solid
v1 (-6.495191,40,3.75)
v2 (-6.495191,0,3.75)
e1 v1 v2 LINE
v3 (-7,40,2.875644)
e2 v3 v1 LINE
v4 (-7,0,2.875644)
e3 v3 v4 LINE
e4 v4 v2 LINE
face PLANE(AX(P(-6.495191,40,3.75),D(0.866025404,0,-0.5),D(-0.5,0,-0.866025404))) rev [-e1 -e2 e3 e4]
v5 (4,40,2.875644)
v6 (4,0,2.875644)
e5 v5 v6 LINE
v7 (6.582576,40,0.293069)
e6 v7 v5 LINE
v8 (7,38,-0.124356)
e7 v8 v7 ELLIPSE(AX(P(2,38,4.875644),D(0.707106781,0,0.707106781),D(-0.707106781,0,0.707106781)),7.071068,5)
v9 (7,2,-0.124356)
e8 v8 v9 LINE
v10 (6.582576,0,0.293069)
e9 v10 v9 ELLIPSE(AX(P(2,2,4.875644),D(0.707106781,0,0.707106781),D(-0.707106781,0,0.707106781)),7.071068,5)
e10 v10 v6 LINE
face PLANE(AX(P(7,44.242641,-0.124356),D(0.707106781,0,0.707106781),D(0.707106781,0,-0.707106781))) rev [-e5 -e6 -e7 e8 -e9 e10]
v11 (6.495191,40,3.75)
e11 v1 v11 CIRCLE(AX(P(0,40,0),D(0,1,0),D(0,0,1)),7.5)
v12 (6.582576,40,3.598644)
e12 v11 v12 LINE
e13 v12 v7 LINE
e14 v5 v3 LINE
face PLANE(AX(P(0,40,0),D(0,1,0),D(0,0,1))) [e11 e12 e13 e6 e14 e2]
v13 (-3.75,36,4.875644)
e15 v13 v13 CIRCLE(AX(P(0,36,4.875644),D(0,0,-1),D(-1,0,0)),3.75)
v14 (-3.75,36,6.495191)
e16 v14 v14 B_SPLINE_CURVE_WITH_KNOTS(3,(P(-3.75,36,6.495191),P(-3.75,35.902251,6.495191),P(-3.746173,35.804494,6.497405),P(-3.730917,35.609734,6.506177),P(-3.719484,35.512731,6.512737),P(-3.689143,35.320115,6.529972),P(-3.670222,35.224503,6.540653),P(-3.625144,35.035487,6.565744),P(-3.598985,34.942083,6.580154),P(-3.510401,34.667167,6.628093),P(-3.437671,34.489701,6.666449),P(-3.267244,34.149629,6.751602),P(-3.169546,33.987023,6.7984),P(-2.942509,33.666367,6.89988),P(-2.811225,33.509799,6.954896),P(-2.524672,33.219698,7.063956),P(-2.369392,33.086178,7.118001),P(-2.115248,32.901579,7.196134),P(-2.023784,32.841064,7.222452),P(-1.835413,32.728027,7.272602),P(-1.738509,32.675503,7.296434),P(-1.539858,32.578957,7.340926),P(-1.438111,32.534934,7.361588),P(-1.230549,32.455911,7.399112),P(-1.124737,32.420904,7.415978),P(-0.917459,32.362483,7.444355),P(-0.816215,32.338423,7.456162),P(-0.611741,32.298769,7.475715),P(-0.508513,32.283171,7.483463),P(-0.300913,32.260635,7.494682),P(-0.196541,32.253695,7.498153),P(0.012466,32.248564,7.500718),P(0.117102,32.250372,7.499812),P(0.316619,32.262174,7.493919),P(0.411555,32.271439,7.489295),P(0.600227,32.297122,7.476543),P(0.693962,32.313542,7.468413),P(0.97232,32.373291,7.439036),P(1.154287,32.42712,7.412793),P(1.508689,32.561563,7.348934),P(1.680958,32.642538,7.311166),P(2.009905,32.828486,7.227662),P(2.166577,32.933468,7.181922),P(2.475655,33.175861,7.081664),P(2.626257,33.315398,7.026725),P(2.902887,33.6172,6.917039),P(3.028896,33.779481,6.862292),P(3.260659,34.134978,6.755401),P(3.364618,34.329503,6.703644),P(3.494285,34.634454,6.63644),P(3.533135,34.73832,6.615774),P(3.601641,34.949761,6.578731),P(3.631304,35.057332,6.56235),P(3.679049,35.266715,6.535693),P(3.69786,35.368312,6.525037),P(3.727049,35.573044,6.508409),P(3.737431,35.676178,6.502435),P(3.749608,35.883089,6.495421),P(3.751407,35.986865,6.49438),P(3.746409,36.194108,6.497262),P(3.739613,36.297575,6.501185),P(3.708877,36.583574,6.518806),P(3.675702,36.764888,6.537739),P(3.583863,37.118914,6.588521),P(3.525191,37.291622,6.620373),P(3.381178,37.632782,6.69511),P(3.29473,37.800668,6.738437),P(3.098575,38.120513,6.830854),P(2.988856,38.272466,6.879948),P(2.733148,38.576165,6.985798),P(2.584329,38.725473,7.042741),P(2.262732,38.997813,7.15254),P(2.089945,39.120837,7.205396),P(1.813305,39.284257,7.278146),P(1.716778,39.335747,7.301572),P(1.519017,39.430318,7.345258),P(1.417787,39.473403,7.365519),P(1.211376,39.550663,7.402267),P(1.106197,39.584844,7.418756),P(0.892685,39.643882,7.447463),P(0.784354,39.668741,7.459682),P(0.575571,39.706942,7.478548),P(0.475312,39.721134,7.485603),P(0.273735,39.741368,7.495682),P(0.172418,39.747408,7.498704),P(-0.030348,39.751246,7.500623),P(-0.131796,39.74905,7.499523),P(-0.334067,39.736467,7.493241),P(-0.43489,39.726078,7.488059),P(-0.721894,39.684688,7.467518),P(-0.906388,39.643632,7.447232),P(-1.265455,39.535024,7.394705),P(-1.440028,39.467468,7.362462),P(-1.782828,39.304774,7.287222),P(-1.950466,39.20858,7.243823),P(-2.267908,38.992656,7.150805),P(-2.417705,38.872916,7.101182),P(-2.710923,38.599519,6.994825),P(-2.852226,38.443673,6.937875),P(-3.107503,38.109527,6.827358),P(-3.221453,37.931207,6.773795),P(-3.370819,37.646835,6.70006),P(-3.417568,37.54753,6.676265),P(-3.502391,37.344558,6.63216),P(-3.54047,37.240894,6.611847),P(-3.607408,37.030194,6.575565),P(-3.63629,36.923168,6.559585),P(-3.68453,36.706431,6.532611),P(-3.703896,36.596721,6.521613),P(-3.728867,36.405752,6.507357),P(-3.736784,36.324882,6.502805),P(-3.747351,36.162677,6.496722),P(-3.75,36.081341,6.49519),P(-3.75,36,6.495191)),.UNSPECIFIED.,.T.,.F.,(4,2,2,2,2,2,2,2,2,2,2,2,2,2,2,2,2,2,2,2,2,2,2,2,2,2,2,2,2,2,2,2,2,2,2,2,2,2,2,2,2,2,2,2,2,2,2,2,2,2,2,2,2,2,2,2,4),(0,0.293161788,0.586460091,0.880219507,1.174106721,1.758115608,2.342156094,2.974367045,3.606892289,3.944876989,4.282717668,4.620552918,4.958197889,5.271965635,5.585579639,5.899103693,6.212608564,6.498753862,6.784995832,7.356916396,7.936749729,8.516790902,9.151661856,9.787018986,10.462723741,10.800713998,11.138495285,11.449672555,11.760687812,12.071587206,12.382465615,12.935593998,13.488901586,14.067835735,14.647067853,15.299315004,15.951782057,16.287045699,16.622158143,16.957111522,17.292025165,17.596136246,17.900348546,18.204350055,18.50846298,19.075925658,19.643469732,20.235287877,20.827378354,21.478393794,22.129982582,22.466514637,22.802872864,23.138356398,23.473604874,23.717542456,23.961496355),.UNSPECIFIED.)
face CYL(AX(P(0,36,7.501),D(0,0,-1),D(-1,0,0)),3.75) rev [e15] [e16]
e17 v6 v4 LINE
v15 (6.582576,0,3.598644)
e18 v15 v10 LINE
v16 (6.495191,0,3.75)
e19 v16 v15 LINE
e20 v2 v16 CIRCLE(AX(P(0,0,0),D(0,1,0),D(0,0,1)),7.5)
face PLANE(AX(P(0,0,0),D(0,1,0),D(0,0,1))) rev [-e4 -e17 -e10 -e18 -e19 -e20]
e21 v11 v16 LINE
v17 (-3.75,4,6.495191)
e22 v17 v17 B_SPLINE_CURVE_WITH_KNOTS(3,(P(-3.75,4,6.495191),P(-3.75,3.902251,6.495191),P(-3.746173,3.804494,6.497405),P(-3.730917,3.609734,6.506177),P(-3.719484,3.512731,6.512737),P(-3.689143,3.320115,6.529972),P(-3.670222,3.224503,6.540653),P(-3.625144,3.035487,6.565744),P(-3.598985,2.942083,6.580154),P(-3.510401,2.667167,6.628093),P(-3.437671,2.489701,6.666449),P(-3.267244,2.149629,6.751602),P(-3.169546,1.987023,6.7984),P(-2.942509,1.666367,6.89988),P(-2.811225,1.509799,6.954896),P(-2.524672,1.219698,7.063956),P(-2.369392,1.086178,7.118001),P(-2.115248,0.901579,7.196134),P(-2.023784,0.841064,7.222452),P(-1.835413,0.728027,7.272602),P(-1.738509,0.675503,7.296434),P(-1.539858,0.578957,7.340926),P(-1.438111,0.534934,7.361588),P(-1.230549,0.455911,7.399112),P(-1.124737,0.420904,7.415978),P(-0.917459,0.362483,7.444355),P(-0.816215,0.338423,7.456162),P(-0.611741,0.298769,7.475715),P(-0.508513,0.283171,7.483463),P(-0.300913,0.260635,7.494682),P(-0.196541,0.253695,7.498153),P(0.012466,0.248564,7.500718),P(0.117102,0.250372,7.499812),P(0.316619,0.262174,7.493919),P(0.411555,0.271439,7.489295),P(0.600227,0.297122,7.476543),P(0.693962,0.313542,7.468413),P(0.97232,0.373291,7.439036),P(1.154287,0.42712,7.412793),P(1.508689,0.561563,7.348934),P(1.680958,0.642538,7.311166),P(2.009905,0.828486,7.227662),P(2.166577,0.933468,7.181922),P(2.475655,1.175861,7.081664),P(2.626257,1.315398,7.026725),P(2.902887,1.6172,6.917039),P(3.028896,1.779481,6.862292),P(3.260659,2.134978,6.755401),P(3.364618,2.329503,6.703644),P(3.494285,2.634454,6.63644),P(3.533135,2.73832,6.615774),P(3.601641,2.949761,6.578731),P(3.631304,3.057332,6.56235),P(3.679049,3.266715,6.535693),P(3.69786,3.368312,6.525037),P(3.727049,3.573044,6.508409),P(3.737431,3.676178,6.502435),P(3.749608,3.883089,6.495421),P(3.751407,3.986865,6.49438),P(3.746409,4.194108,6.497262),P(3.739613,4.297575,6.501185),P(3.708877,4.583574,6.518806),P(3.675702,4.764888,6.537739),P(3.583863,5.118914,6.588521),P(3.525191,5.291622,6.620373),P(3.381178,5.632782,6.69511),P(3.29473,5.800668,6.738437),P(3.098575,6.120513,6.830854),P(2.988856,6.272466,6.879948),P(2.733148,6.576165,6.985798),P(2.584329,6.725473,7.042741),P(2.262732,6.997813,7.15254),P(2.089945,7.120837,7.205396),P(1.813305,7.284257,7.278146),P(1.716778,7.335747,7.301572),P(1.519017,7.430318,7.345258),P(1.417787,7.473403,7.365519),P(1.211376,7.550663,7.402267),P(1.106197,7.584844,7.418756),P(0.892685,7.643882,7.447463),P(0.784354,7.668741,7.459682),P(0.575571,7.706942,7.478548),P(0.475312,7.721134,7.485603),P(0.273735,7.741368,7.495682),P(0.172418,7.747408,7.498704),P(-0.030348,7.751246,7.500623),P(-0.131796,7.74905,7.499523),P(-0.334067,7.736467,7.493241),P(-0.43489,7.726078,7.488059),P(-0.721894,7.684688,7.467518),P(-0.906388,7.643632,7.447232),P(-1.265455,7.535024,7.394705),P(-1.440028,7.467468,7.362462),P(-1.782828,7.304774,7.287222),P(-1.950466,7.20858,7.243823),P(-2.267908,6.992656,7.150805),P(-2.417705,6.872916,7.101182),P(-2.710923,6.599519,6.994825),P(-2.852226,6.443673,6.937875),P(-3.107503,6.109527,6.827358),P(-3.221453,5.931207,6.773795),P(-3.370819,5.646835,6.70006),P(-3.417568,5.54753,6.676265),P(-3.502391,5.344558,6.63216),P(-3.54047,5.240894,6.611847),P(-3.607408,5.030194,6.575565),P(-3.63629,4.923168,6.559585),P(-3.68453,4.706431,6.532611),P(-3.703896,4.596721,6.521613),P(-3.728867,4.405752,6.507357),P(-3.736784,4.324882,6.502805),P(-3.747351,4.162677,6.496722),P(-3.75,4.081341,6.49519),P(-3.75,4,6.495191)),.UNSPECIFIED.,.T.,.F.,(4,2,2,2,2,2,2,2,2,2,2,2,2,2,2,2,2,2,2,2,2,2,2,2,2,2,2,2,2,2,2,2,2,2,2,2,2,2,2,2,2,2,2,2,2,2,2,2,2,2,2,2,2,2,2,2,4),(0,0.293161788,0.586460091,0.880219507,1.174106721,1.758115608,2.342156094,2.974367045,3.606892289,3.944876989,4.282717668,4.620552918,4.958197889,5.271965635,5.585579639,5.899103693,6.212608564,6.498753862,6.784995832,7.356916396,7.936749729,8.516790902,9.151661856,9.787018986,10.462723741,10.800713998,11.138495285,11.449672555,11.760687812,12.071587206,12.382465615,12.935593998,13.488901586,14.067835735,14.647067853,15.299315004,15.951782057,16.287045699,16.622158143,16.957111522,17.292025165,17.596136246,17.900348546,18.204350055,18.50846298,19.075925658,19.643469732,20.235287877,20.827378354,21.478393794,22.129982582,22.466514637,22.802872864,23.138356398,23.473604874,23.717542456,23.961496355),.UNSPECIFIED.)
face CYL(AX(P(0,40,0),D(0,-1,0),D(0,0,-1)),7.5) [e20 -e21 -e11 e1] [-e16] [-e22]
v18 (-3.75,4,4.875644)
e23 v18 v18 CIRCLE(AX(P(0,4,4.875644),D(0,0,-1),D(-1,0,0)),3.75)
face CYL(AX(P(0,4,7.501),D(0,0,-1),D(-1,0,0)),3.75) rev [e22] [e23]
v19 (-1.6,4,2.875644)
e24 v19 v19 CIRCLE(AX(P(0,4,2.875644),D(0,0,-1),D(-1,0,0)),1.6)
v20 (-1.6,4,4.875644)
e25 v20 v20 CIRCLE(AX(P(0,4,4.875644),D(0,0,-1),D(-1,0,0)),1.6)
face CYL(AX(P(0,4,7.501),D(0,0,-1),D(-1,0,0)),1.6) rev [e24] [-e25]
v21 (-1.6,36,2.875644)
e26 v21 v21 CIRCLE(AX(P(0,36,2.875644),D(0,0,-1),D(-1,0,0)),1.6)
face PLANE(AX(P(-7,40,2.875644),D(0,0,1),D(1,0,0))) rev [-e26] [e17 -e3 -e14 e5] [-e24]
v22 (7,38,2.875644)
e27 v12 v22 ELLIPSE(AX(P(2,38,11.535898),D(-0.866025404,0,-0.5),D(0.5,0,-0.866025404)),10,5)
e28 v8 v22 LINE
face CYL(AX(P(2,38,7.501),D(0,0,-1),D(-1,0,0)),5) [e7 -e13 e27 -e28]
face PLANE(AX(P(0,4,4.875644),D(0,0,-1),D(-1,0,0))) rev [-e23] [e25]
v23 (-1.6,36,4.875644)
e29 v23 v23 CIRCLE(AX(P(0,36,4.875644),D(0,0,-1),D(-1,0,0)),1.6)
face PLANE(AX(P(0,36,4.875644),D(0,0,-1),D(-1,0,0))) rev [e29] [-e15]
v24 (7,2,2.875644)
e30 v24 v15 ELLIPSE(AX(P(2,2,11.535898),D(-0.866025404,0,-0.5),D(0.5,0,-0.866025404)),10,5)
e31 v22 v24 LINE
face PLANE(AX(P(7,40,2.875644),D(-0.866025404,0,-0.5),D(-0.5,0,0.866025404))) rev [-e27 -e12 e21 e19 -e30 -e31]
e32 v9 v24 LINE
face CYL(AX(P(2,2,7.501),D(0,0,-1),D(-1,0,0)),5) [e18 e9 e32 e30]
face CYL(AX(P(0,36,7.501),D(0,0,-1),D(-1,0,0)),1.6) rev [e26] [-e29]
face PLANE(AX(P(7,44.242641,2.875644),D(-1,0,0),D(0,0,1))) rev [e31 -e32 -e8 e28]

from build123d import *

# Parameters (mm, degrees)
EXTRUDE_1_DEPTH          = 40
CUT_EXTRUDE_1_REACH      = 42.87
CUT_EXTRUDE_1_END_RADIUS = 7.5
SKETCH_3_R               = 1.6
CUT_EXTRUDE_2_REACH      = 44.87
CUT_EXTRUDE_2_END_RADIUS = 7.5
CUT_EXTRUDE_START        = -2
SKETCH_4_R               = 3.75
CUT_EXTRUDE_3_REACH      = 42.87
EXTRUDE_2_REACH          = 43.295
CUT_EXTRUDE_4_REACH      = 42.87


with BuildPart() as part:
    # 草图1 → 凸台-拉伸1 (new body)
    with BuildSketch(Plane(origin=(0, 0, 0), x_dir=(1, 0, 0), z_dir=(0, 1, 0))):
        with BuildLine():
            Line((-6.495190528, -3.75), (-7, -2.875644347))
            Line((-7, -2.875644347), (7, -2.875644347))
            Line((7, -2.875644347), (6.495190528, -3.75))
            ThreePointArc((6.495190528, -3.75), (0, -7.5), (-6.495190528, -3.75))
        make_face()
    extrude(amount=EXTRUDE_1_DEPTH)

    # 切除-拉伸1: up to this cylinder (the profile starts inside it)
    cut_extrude_1_end = Plane(origin=(0, 20, 0), z_dir=(0, -1, 0)) * Cylinder(CUT_EXTRUDE_1_END_RADIUS, 133.74, mode=Mode.PRIVATE)
    # 草图3 → 切除-拉伸1 (cut, up to the surface)
    with BuildSketch(Plane(origin=(0, 0, 2.875644347), x_dir=(-1, 0, 0), z_dir=(0, 0, -1)), mode=Mode.PRIVATE) as cut_extrude_1_sk1:
        with Locations((0, 4)):
            Circle(SKETCH_3_R)
    cut_extrude_1_tool1 = extrude(cut_extrude_1_sk1.sketch, amount=-CUT_EXTRUDE_1_REACH, mode=Mode.PRIVATE) & cut_extrude_1_end
    add(cut_extrude_1_tool1.solids().sort_by_distance((0, 4, 2.875644))[0], mode=Mode.SUBTRACT)
    # 草图3 → 切除-拉伸1 (cut, up to the surface)
    with BuildSketch(Plane(origin=(0, 0, 2.875644347), x_dir=(-1, 0, 0), z_dir=(0, 0, -1)), mode=Mode.PRIVATE) as cut_extrude_1_sk2:
        with Locations((0, 36)):
            Circle(SKETCH_3_R)
    cut_extrude_1_tool2 = extrude(cut_extrude_1_sk2.sketch, amount=-CUT_EXTRUDE_1_REACH, mode=Mode.PRIVATE) & cut_extrude_1_end
    add(cut_extrude_1_tool2.solids().sort_by_distance((0, 36, 2.875644))[0], mode=Mode.SUBTRACT)

    # 切除-拉伸2: up to this cylinder (the profile starts inside it)
    cut_extrude_2_end = Plane(origin=(0, 20, 0), z_dir=(0, -1, 0)) * Cylinder(CUT_EXTRUDE_2_END_RADIUS, 137.74, mode=Mode.PRIVATE)
    # 草图4 → 切除-拉伸2 (cut, up to the surface)
    with BuildSketch(Plane(origin=(0, 0, 2.875644347), x_dir=(-1, 0, 0), z_dir=(0, 0, -1)).offset(CUT_EXTRUDE_START), mode=Mode.PRIVATE) as cut_extrude_2_sk1:
        with Locations((0, 4)):
            Circle(SKETCH_4_R)
    cut_extrude_2_tool1 = extrude(cut_extrude_2_sk1.sketch, amount=-CUT_EXTRUDE_2_REACH, mode=Mode.PRIVATE) & cut_extrude_2_end
    add(cut_extrude_2_tool1.solids().sort_by_distance((0, 4, 4.875644))[0], mode=Mode.SUBTRACT)
    # 草图4 → 切除-拉伸2 (cut, up to the surface)
    with BuildSketch(Plane(origin=(0, 0, 2.875644347), x_dir=(-1, 0, 0), z_dir=(0, 0, -1)).offset(CUT_EXTRUDE_START), mode=Mode.PRIVATE) as cut_extrude_2_sk2:
        with Locations((0, 36)):
            Circle(SKETCH_4_R)
    cut_extrude_2_tool2 = extrude(cut_extrude_2_sk2.sketch, amount=-CUT_EXTRUDE_2_REACH, mode=Mode.PRIVATE) & cut_extrude_2_end
    add(cut_extrude_2_tool2.solids().sort_by_distance((0, 36, 4.875644))[0], mode=Mode.SUBTRACT)

    # 草图6 → 切除-拉伸3 (cut, up to next)
    with BuildSketch(Plane(origin=(0, 0, 2.875644347), x_dir=(-1, 0, 0), z_dir=(0, 0, -1)), mode=Mode.PRIVATE) as cut_extrude_3_sk1:
        with BuildLine():
            Line((-7, 2), (-7, 0))
            Line((-7, 0), (-6.582575695, 0))
            ThreePointArc((-6.582575695, 0), (-6.894531565, 0.978451782), (-7, 2))
        make_face()
    cut_extrude_3_tool1 = extrude(cut_extrude_3_sk1.sketch, amount=-CUT_EXTRUDE_3_REACH, mode=Mode.PRIVATE) & part.part
    # 草图6 → 切除-拉伸3 (cut, up to next)
    with BuildSketch(Plane(origin=(0, 0, 2.875644347), x_dir=(-1, 0, 0), z_dir=(0, 0, -1)), mode=Mode.PRIVATE) as cut_extrude_3_sk2:
        with BuildLine():
            Line((-7, 40), (-6.582575695, 40))
            ThreePointArc((-6.582575695, 40), (-6.894531565, 39.021548218), (-7, 38))
            Line((-7, 38), (-7, 40))
        make_face()
    cut_extrude_3_tool2 = extrude(cut_extrude_3_sk2.sketch, amount=-CUT_EXTRUDE_3_REACH, mode=Mode.PRIVATE) & part.part
    add(cut_extrude_3_tool1.solids().sort_by_distance((6.875723, 0.49573, 2.875644))[0], mode=Mode.SUBTRACT)
    add(cut_extrude_3_tool2.solids().sort_by_distance((6.875723, 39.50427, 2.875644))[0], mode=Mode.SUBTRACT)

    # 凸台-拉伸2: up to this face of the body (flat: up to its plane)
    extrude_2_end = Plane(part.part.faces().sort_by_distance((-0.021956159, 40, 4.788936893))[0])
    # 草图7 → 凸台-拉伸2 (add, up to the picked face)
    with BuildSketch(Plane(origin=(0, 0, 0), x_dir=(1, 0, 0), z_dir=(0, 1, 0)), mode=Mode.PRIVATE) as extrude_2_sk1:
        Polygon((7, -2.875644347), (7, 0.124355653), (4, -2.875644347), align=None)
    extrude_2_tool1 = split(extrude(extrude_2_sk1.sketch, amount=EXTRUDE_2_REACH, mode=Mode.PRIVATE), bisect_by=extrude_2_end, keep=Keep.BOTH, mode=Mode.PRIVATE)
    add(extrude_2_tool1.solids().sort_by(Axis((6, 0, 1.875644), (0, 1, 0)))[0])

    # 切除-拉伸4: up to this plane
    cut_extrude_4_end = Plane(origin=(7, 44.242640687, -0.124355653), z_dir=(0.7071067811865476, 0, 0.7071067811865475))
    # 草图8 → 切除-拉伸4 (cut, up to the surface)
    with BuildSketch(Plane.XY.offset(2.875644347), mode=Mode.PRIVATE) as cut_extrude_4_sk1:
        with BuildLine():
            Line((7, 38), (7, 40))
            Line((7, 40), (6.582575695, 40))
            ThreePointArc((6.582575695, 40), (6.894531565, 39.021548218), (7, 38))
        make_face()
    cut_extrude_4_tool1 = split(extrude(cut_extrude_4_sk1.sketch, amount=-CUT_EXTRUDE_4_REACH, mode=Mode.PRIVATE), bisect_by=cut_extrude_4_end, keep=Keep.BOTH, mode=Mode.PRIVATE)
    add(cut_extrude_4_tool1.solids().sort_by_distance((6.875723, 39.50427, 2.875644))[0], mode=Mode.SUBTRACT)
    # 草图8 → 切除-拉伸4 (cut, up to the surface)
    with BuildSketch(Plane.XY.offset(2.875644347), mode=Mode.PRIVATE) as cut_extrude_4_sk2:
        with BuildLine():
            Line((6.582575695, 0), (7, 0))
            Line((7, 0), (7, 2))
            ThreePointArc((7, 2), (6.894531565, 0.978451782), (6.582575695, 0))
        make_face()
    cut_extrude_4_tool2 = split(extrude(cut_extrude_4_sk2.sketch, amount=-CUT_EXTRUDE_4_REACH, mode=Mode.PRIVATE), bisect_by=cut_extrude_4_end, keep=Keep.BOTH, mode=Mode.PRIVATE)
    add(cut_extrude_4_tool2.solids().sort_by_distance((6.875723, 0.49573, 2.875644))[0], mode=Mode.SUBTRACT)


solid = part.part
